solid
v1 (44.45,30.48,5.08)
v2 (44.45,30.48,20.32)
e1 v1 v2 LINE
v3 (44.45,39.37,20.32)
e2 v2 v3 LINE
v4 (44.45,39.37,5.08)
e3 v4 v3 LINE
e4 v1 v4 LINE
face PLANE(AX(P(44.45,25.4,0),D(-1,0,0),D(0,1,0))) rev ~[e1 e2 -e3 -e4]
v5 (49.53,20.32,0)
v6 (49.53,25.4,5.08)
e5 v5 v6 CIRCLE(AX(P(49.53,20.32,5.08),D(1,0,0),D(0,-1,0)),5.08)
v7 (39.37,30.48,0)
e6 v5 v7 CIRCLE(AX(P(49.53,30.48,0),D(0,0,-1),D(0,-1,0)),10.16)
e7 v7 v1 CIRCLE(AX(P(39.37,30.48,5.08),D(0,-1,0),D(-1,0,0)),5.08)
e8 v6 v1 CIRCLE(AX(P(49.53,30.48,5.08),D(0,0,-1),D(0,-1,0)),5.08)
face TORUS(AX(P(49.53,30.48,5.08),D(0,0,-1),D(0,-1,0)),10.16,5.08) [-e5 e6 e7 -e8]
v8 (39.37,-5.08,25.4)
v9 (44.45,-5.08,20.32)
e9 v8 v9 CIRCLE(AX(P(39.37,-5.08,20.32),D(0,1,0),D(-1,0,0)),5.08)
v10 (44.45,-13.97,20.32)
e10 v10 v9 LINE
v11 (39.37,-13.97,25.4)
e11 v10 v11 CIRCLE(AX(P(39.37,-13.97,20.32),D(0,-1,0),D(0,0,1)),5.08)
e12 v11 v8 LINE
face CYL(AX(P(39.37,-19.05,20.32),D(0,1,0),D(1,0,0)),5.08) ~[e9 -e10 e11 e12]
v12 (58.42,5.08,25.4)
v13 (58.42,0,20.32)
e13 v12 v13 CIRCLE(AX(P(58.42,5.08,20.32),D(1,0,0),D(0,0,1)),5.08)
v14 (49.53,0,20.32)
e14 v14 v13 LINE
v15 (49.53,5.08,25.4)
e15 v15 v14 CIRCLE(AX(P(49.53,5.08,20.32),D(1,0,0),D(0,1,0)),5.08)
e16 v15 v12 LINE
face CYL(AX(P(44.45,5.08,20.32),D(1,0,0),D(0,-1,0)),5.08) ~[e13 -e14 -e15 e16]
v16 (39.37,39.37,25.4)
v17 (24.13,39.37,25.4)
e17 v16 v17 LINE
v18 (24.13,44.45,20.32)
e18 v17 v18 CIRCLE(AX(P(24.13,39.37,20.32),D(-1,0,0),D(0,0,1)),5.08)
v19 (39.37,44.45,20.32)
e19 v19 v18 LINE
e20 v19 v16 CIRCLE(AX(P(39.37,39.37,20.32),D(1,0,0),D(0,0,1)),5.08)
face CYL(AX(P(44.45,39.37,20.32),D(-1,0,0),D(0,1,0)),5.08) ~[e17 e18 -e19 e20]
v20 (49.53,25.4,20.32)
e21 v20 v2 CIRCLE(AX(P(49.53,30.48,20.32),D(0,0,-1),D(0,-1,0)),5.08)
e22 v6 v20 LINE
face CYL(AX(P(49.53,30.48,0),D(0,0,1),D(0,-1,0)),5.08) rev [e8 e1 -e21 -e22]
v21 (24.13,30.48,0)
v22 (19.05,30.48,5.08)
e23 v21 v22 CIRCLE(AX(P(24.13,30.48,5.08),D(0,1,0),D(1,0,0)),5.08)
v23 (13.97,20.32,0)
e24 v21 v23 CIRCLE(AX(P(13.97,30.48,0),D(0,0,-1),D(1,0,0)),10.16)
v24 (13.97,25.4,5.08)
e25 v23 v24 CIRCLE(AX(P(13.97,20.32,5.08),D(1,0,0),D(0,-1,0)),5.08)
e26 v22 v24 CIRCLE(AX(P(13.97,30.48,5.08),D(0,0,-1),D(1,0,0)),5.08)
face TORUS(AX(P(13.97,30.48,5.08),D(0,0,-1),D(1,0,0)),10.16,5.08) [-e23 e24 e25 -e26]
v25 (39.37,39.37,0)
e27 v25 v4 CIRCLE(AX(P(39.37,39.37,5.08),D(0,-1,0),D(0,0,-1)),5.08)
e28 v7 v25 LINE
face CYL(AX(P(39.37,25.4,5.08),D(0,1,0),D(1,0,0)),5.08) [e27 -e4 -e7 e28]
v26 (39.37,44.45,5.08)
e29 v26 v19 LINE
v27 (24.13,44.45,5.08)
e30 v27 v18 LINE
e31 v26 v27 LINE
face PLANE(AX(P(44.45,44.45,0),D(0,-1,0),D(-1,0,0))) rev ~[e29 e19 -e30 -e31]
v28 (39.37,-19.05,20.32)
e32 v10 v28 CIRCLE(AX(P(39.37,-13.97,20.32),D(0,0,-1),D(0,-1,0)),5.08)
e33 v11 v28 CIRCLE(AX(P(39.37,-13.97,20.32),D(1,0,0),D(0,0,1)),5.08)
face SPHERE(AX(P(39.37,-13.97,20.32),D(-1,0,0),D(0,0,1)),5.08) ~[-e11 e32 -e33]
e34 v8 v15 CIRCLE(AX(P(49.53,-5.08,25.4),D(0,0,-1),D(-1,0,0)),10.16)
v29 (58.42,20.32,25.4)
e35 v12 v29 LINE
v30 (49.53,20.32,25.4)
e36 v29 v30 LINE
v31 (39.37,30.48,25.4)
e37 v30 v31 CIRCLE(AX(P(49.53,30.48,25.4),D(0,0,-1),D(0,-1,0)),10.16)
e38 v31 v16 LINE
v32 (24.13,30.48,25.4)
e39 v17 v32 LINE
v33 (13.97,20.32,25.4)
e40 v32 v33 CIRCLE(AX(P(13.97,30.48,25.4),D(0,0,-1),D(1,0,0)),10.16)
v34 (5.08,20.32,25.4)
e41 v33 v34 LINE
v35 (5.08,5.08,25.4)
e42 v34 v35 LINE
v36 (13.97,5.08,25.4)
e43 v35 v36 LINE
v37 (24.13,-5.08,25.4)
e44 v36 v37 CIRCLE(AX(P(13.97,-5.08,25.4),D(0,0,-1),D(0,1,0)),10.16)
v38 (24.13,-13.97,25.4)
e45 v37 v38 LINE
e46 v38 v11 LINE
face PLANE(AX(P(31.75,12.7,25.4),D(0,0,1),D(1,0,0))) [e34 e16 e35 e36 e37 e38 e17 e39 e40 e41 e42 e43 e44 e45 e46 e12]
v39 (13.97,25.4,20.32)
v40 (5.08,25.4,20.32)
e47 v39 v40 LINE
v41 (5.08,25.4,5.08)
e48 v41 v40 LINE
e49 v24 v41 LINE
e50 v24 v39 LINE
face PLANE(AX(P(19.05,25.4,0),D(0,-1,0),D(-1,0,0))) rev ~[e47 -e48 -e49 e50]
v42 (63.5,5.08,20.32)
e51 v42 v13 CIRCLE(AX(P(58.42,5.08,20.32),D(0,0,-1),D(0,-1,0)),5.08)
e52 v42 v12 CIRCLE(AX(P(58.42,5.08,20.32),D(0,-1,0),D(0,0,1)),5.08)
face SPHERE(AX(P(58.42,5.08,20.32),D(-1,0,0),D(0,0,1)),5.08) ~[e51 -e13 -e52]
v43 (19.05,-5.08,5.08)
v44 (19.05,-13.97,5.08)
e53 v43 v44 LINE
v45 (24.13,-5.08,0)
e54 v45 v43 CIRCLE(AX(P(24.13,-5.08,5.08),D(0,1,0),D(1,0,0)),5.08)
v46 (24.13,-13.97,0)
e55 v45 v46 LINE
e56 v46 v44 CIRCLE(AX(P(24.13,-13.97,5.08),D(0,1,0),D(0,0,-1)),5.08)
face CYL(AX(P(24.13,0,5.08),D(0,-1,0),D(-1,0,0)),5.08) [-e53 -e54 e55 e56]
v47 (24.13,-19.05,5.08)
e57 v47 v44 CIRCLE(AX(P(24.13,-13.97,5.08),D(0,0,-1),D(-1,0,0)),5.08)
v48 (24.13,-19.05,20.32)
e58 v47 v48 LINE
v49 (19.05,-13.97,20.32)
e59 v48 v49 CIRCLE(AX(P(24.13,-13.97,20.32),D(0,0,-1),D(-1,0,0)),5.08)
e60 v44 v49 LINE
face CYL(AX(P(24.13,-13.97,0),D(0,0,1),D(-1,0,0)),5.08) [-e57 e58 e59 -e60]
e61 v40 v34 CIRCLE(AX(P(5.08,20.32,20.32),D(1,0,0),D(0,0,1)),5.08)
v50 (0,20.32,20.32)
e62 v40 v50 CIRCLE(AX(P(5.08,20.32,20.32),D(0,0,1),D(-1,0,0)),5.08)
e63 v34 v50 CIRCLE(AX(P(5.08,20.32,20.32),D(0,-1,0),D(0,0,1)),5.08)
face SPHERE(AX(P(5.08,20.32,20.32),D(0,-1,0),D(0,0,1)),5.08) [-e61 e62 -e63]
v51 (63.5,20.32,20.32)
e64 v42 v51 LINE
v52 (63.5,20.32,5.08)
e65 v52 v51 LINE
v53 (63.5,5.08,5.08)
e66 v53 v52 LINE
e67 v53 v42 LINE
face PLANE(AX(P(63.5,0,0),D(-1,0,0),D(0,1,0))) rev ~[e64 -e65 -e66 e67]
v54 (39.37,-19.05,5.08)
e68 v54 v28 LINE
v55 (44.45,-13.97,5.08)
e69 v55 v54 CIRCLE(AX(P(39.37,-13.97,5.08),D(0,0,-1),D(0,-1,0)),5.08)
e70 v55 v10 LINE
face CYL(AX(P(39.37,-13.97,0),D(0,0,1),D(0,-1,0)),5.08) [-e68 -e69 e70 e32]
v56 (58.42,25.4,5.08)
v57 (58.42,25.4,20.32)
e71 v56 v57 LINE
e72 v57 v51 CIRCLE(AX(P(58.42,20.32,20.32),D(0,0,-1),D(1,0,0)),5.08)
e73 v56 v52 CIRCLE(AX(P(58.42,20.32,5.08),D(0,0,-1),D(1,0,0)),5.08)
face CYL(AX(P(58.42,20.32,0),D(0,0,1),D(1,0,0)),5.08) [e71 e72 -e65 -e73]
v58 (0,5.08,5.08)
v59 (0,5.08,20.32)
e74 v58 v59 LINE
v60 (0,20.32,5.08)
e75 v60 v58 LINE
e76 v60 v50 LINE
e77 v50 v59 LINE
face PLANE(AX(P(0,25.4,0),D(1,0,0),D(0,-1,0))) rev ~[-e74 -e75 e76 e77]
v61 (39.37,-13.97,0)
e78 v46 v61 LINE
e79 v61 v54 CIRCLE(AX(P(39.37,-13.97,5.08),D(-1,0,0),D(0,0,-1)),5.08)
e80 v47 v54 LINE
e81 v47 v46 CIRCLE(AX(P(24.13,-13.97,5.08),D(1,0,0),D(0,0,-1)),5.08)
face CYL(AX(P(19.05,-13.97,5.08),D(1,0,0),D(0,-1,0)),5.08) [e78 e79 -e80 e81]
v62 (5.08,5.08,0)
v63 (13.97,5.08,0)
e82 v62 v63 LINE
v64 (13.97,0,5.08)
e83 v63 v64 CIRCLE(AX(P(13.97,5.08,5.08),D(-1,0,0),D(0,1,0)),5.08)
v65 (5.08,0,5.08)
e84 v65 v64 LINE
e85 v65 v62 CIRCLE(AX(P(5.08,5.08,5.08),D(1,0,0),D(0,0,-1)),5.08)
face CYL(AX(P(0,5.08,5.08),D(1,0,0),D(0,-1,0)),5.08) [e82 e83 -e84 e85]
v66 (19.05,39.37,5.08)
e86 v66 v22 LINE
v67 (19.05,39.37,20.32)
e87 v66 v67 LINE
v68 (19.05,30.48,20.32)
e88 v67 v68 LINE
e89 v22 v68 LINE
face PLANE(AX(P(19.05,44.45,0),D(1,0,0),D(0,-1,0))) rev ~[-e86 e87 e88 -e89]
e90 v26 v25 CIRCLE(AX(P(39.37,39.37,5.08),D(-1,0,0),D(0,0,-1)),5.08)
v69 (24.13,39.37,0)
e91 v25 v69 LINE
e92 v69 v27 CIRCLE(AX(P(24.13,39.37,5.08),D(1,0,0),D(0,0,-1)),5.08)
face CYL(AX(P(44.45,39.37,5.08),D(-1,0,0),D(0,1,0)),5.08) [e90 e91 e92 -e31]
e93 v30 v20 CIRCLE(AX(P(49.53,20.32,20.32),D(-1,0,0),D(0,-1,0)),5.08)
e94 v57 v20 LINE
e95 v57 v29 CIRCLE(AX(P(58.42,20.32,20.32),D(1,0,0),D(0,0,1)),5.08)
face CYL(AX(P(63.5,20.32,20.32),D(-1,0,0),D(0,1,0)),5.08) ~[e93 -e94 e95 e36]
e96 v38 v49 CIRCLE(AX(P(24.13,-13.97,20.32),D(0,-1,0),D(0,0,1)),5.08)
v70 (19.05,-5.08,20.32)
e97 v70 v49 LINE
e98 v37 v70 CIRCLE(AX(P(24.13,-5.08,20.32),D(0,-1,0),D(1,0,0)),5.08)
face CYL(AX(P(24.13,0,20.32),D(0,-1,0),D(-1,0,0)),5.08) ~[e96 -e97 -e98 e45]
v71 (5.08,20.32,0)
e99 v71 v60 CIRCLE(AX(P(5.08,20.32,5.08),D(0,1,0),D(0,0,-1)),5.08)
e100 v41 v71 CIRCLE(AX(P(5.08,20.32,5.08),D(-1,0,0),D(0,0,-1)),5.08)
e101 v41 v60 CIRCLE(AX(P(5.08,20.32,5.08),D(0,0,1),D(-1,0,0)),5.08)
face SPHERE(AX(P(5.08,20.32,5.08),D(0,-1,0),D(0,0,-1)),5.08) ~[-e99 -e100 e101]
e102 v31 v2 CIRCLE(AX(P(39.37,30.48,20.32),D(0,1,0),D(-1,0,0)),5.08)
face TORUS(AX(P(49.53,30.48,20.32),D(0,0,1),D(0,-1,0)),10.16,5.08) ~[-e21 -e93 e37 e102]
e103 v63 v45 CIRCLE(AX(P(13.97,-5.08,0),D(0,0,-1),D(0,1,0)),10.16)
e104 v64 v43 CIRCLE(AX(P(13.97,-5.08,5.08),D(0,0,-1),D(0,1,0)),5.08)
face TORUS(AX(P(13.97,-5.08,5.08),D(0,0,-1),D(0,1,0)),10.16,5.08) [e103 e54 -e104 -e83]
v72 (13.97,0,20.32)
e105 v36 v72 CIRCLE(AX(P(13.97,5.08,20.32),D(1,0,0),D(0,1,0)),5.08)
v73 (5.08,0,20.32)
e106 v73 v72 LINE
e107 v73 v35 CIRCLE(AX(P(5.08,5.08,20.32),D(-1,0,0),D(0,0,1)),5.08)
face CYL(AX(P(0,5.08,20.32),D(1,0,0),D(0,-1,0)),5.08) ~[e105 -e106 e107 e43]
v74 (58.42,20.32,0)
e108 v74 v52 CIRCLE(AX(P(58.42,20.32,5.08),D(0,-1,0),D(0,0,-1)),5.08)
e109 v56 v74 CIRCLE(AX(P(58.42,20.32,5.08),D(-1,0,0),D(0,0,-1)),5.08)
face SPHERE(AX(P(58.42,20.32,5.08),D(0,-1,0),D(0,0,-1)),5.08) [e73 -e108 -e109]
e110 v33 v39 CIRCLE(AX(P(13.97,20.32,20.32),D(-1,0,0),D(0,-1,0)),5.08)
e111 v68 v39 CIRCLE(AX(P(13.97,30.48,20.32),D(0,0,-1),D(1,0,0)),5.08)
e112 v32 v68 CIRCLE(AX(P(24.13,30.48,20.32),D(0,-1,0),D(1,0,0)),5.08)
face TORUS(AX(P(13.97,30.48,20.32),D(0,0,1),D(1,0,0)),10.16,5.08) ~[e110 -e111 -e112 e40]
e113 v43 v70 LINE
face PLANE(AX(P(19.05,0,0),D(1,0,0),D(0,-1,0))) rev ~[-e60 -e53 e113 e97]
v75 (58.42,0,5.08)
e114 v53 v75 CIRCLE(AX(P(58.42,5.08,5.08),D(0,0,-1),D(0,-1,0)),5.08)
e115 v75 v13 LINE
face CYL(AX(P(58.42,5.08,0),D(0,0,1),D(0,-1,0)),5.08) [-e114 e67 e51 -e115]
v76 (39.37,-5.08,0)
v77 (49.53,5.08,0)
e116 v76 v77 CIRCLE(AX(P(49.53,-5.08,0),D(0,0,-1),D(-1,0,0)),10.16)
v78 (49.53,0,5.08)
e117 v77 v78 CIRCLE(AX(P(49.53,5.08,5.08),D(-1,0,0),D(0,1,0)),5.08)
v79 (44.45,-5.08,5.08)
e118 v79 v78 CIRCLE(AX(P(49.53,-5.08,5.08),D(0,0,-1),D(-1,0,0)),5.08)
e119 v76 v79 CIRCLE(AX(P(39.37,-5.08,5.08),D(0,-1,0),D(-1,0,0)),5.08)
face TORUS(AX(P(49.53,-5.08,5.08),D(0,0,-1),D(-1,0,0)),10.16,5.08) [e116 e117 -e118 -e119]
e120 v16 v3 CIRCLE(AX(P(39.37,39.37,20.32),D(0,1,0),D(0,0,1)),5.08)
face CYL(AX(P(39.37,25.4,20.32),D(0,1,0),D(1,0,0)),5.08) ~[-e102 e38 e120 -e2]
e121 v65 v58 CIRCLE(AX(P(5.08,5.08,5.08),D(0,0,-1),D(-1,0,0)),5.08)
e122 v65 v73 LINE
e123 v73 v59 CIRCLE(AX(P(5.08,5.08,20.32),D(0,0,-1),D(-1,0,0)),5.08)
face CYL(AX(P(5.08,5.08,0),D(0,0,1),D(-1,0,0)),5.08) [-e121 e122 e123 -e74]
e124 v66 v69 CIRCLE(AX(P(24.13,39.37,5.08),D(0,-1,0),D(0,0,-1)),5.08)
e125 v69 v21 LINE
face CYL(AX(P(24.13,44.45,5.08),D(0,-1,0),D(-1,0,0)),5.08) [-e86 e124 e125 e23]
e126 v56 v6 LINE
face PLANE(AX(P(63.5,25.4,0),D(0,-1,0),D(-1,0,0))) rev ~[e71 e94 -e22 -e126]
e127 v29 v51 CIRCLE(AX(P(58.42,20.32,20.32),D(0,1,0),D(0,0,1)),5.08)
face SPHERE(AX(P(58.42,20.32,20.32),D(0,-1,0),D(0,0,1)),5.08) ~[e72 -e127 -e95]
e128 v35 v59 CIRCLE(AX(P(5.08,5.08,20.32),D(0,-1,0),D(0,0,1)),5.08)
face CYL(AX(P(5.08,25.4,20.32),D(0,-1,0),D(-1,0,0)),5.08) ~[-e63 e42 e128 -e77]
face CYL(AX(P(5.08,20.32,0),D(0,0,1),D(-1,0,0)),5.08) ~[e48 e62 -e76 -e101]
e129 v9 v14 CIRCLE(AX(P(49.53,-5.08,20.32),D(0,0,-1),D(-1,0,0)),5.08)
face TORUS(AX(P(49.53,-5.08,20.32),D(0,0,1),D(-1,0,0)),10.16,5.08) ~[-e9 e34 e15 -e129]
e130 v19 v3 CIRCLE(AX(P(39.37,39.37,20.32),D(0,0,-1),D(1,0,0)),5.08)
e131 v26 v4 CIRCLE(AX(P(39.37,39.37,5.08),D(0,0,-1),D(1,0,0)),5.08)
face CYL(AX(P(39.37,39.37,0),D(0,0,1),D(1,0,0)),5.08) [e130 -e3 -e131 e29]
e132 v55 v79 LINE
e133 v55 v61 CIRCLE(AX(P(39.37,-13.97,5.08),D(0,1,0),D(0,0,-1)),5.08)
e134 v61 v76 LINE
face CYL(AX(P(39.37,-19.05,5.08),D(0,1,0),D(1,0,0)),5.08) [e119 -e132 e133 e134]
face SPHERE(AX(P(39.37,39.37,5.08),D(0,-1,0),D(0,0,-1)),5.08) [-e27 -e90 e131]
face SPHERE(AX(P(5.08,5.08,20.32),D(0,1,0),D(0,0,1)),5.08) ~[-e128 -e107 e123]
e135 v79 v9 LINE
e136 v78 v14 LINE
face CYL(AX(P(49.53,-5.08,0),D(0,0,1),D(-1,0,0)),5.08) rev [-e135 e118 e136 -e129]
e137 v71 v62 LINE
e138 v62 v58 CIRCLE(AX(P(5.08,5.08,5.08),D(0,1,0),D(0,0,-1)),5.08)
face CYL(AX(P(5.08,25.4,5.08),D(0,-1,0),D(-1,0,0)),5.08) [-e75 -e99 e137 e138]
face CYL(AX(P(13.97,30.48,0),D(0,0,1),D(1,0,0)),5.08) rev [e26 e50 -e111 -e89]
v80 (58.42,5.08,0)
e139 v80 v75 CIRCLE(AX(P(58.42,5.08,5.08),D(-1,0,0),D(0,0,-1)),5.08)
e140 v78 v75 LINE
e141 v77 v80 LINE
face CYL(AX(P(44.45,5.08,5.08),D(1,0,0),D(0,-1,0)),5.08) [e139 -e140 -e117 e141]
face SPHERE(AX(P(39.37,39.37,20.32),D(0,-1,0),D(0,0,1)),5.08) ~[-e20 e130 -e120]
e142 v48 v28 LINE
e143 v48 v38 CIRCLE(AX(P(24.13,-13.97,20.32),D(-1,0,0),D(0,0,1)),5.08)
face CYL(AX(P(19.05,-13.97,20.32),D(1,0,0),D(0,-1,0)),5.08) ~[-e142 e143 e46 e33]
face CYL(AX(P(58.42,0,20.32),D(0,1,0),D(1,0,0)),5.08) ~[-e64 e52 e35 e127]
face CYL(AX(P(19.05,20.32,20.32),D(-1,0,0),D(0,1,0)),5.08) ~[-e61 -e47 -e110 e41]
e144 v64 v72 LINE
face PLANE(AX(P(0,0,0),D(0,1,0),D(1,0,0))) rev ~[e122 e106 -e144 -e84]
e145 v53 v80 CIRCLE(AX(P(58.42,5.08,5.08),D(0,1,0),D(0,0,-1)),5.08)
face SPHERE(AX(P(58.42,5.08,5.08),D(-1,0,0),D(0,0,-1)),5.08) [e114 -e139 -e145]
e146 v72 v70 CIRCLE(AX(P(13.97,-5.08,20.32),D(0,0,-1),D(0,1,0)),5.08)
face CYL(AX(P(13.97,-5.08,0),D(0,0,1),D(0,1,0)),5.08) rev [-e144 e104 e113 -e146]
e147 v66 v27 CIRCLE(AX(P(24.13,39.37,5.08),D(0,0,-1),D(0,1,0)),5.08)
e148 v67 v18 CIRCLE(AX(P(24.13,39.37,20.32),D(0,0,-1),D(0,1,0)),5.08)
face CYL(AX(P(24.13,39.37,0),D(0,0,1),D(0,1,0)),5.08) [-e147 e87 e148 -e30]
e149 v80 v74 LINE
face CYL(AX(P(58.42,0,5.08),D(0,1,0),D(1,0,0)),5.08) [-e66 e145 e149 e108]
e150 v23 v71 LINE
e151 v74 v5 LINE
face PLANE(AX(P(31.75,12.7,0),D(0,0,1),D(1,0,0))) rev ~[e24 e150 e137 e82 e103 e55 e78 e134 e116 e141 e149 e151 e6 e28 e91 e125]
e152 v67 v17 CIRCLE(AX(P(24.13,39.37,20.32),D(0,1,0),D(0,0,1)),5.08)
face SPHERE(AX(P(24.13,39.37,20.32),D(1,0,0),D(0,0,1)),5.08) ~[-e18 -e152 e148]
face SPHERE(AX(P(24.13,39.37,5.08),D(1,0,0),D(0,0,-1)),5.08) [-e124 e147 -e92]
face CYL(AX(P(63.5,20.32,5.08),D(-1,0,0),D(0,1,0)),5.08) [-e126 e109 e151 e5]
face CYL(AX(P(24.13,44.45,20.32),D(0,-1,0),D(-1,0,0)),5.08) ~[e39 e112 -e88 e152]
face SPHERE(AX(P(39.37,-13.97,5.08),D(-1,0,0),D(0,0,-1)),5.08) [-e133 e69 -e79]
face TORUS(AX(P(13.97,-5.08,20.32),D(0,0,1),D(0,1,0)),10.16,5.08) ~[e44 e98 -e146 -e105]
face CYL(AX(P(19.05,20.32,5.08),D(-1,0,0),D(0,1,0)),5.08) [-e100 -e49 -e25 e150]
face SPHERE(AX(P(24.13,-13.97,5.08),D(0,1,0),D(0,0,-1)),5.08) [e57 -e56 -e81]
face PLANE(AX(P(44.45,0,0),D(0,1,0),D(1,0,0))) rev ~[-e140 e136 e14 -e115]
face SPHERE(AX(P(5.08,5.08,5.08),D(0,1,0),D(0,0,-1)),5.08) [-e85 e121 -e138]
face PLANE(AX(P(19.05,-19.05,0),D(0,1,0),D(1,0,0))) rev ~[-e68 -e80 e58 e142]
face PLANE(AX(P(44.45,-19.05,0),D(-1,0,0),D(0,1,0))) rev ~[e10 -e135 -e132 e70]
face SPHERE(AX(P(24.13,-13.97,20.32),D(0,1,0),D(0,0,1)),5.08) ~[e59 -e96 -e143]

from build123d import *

# Parameters (mm, degrees)
F1_DEPTH = 25.4
F2_R     = 5.08


with BuildPart() as f1:
    # F0 (on Top) → F1 (new body)
    with BuildSketch(Plane.XY):
        Polygon((0, 25.4), (0, 0), (19.05, 0), (19.05, -19.05), (44.45, -19.05), (44.45, 0), (63.5, 0), (63.5, 25.4), (44.45, 25.4), (44.45, 44.45), (19.05, 44.45), (19.05, 25.4), align=None)
    extrude(amount=F1_DEPTH)

    # F2
    f2_edges = [f1.edges().sort_by_distance(p)[0] for p in [
        (0, 12.7, 25.4),
        (9.525, 0, 25.4),
        (19.05, -9.525, 25.4),
        (31.75, -19.05, 25.4),
        (44.45, -9.525, 25.4),
        (53.975, 0, 25.4),
        (63.5, 12.7, 25.4),
        (53.975, 25.4, 25.4),
        (44.45, 34.925, 25.4),
        (31.75, 44.45, 25.4),
        (19.05, 34.925, 25.4),
        (9.525, 25.4, 25.4),
        (0, 12.7, 0),
        (9.525, 0, 0),
        (19.05, -9.525, 0),
        (31.75, -19.05, 0),
        (44.45, -9.525, 0),
        (53.975, 0, 0),
        (63.5, 12.7, 0),
        (53.975, 25.4, 0),
        (44.45, 34.925, 0),
        (31.75, 44.45, 0),
        (19.05, 34.925, 0),
        (9.525, 25.4, 0),
        (44.45, 44.45, 12.7),
        (19.05, 44.45, 12.7),
        (19.05, 25.4, 12.7),
        (0, 25.4, 12.7),
        (63.5, 25.4, 12.7),
        (44.45, 25.4, 12.7),
        (63.5, 0, 12.7),
        (44.45, -19.05, 12.7),
        (44.45, 0, 12.7),
        (19.05, 0, 12.7),
        (19.05, -19.05, 12.7),
        (0, 0, 12.7),
    ]]
    fillet(f2_edges, radius=F2_R)


solid = f1.part
